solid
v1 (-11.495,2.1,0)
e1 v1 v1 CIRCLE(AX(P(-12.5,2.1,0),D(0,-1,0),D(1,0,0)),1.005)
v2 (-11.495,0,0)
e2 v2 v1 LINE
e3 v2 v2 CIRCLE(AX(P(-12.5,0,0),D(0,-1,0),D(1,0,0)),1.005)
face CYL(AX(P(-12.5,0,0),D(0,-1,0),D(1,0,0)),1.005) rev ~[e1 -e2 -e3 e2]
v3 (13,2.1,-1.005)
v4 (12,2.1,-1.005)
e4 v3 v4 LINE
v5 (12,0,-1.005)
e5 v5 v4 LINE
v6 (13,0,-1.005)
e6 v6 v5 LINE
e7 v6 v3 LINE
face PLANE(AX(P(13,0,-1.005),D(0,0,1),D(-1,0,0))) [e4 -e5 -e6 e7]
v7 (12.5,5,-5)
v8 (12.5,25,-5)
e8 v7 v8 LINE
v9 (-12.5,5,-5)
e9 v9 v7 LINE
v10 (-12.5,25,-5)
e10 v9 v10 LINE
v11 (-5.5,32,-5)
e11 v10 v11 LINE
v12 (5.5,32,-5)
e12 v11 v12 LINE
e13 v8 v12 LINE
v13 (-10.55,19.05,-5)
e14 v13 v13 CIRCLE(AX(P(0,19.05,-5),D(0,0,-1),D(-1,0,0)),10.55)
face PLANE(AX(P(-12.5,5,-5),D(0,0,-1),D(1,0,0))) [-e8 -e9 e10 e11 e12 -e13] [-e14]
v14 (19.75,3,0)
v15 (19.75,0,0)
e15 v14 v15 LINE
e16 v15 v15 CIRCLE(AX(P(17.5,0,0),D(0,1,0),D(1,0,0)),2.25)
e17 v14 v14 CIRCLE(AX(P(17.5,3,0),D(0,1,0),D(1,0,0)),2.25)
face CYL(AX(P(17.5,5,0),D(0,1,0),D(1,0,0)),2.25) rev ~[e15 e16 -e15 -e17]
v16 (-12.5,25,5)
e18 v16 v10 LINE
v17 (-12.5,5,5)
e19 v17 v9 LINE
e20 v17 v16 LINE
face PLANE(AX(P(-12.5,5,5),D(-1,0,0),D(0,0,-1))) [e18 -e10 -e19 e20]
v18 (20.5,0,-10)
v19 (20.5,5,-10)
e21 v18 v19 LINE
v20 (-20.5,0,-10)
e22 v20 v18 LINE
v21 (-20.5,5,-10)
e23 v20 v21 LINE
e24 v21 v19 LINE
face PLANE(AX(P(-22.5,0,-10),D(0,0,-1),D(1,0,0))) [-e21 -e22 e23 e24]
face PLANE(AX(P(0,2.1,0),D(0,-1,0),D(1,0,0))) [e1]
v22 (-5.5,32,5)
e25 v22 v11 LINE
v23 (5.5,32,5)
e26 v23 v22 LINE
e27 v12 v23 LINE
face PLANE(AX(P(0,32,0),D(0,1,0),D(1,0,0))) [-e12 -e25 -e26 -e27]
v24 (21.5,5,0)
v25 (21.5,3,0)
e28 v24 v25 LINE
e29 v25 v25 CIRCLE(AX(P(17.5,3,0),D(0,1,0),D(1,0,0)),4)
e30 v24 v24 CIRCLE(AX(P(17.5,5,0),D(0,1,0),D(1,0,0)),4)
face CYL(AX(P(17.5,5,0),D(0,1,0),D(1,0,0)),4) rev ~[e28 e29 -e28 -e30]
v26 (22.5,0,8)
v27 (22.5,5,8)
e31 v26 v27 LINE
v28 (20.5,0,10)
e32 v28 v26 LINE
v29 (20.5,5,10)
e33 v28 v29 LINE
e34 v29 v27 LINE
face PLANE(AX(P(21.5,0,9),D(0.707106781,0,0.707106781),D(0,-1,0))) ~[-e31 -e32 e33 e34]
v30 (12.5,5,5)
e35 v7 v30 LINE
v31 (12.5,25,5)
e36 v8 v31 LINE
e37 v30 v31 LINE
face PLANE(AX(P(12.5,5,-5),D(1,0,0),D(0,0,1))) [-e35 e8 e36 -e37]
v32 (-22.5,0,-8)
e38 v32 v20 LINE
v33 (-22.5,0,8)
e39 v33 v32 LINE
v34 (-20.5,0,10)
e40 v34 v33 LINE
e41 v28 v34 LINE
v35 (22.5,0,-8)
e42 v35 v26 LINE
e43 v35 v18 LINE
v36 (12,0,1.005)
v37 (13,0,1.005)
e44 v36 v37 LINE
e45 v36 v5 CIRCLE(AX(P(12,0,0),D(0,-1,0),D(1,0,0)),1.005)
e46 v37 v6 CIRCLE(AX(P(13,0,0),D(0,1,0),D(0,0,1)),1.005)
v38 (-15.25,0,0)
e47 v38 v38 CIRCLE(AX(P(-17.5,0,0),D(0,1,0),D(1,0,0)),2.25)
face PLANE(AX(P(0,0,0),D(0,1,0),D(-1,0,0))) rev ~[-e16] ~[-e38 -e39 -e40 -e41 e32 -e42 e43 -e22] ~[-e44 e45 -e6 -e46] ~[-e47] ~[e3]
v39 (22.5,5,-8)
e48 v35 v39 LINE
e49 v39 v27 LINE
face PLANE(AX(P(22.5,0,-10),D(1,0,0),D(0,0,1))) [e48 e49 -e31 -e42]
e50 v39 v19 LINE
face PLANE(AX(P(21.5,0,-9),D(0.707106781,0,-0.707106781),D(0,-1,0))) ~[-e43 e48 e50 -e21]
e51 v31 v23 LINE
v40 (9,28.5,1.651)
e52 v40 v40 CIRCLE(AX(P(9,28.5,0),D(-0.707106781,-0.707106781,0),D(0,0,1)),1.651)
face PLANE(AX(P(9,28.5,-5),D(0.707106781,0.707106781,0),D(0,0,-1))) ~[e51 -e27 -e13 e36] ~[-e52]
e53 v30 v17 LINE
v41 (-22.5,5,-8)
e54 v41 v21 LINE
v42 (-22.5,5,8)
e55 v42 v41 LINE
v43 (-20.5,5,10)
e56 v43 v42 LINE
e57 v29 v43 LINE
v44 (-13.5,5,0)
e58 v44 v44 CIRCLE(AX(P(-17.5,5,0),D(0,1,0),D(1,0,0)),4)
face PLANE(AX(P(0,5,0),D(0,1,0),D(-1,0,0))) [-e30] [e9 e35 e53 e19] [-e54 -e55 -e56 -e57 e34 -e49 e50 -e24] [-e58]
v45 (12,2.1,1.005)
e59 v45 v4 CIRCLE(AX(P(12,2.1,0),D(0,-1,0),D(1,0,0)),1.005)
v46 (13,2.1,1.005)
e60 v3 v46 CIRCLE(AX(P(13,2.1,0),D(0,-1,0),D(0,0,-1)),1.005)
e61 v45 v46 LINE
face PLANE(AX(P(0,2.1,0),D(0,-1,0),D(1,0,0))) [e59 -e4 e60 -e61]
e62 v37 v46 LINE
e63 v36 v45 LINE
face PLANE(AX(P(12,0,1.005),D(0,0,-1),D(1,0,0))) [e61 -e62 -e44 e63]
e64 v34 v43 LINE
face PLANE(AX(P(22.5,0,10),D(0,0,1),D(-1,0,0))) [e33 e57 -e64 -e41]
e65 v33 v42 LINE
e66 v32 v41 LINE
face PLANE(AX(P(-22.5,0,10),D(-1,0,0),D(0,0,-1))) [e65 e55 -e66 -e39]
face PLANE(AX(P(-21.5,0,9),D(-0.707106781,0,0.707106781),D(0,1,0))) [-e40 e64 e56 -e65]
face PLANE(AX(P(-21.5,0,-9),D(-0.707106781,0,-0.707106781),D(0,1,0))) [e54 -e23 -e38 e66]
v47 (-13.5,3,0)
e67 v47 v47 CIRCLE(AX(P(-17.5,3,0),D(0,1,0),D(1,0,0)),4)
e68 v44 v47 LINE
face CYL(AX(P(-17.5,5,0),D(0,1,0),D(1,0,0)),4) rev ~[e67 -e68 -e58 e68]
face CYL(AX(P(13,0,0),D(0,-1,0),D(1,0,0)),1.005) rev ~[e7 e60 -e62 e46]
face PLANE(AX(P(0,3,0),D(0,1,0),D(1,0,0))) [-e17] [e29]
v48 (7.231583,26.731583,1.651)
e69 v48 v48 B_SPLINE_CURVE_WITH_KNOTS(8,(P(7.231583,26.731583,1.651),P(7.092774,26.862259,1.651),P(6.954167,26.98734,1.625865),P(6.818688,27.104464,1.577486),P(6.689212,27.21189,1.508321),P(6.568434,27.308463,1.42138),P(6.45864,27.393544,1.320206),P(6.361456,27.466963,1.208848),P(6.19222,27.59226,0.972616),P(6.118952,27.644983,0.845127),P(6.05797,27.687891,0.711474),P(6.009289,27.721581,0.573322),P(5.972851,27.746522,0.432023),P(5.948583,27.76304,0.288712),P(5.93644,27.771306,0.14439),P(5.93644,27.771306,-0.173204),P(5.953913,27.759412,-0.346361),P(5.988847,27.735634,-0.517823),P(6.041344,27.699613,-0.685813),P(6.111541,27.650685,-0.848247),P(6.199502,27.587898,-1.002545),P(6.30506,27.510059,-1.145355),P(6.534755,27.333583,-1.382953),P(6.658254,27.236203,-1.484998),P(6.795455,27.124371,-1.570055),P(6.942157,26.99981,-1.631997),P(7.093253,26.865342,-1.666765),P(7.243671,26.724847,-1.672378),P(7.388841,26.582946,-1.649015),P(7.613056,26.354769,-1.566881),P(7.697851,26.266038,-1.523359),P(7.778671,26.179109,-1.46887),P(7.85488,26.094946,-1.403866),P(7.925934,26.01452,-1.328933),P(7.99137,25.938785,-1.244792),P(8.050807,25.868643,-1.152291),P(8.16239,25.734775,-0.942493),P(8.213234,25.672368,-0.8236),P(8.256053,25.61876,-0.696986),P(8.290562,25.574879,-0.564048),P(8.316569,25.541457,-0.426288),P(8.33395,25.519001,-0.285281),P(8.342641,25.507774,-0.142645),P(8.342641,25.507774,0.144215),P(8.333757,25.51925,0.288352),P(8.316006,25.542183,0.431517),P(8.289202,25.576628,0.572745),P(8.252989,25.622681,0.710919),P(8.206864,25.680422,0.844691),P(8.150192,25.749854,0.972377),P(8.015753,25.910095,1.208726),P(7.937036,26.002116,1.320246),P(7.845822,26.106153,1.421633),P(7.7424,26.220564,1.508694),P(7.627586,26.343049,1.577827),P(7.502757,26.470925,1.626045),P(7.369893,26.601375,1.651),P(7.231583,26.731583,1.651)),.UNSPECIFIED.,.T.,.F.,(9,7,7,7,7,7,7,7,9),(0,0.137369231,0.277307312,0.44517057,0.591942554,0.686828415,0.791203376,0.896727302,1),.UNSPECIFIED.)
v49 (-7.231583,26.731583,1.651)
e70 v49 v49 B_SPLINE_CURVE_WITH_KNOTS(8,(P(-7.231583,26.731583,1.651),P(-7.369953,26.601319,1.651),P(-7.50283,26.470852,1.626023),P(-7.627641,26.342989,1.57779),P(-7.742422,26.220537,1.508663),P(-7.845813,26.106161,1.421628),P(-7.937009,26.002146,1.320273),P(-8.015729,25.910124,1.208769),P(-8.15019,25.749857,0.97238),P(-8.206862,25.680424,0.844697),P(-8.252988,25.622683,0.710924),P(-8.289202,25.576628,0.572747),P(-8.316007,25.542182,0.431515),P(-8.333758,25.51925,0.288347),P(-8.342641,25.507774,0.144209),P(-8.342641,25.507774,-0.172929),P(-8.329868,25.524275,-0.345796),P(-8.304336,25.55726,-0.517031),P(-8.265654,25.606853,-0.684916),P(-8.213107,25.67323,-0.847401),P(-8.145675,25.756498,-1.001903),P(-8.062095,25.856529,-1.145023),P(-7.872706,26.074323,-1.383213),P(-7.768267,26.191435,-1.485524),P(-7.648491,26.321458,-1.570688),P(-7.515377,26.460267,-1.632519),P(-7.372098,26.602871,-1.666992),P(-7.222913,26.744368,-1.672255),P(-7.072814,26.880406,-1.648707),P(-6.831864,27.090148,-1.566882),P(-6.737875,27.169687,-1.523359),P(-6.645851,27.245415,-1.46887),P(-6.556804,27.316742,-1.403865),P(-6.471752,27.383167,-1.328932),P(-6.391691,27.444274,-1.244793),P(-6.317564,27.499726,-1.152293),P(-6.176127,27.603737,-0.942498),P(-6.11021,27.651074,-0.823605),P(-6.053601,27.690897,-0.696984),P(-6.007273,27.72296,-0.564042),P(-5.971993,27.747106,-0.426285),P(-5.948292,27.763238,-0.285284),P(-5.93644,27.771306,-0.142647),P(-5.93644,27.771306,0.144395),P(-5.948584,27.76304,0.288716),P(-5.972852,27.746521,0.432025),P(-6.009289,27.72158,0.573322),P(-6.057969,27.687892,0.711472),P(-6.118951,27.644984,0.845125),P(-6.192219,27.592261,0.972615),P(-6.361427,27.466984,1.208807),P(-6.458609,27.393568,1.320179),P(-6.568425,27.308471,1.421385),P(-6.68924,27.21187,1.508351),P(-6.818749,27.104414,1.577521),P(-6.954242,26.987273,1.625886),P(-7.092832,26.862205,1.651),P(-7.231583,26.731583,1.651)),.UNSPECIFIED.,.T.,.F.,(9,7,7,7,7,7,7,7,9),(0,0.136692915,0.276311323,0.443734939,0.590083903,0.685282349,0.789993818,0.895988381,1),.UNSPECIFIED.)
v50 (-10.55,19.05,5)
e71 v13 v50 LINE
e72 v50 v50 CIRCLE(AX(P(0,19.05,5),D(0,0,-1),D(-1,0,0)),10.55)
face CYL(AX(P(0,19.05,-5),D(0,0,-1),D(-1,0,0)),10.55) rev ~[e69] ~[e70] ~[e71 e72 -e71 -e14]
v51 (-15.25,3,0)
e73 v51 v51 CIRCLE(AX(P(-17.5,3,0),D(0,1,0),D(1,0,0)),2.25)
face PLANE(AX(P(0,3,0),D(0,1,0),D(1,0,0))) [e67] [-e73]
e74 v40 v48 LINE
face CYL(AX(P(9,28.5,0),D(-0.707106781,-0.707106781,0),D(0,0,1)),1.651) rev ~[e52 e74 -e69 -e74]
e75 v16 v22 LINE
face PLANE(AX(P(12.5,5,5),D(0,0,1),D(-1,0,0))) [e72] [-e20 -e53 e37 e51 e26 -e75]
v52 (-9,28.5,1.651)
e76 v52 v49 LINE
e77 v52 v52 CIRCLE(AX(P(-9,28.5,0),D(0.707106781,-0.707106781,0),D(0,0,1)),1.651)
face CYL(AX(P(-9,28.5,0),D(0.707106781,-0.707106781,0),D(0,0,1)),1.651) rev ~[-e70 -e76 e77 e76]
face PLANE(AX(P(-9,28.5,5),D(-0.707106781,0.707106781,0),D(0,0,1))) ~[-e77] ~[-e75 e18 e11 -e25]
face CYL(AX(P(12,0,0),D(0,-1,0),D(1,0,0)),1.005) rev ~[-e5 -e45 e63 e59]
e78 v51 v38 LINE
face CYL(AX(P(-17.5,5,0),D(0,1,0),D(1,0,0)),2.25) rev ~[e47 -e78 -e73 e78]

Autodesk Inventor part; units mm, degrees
ref_plane "YZ Plane" through (0, 0, 0) normal (1, 0, 0) x (0, 1, 0)
ref_plane "XZ Plane" through (0, 0, 0) normal (0, 1, 0) x (-1, 0, 0)
ref_plane "XY Plane" through (0, 0, 0) normal (0, 0, 1) x (1, 0, 0)
sketch "Sketch2" plane through (0, 0, 0) normal (0, 1, 0) x (-1, 0, 0)
  line L0 (-22.5, 10) -> (22.5, 10)
  line L1 (22.5, 10) -> (22.5, -10)
  line L2 (22.5, -10) -> (-22.5, -10)
  line L3 (-22.5, -10) -> (-22.5, 10)
  line L4 (-22.5, 10) -> (22.5, -10) construction
  line L5 (22.5, 10) -> (-22.5, -10) construction
  point P0 (0, 0)
  dimension "d0" = 45
  dimension "d1" = 20
extrude "Extrusion1" add sketch "Sketch2" along normal blind 5
sketch "Sketch3" plane through (0, 5, 0) normal (0, 1, 0) x (1, 0, 0)
  line L0 (12.5, -5) -> (-12.5, -5)
  line L1 (-12.5, -5) -> (-12.5, 5)
  line L2 (-12.5, 5) -> (12.5, 5)
  line L3 (12.5, 5) -> (12.5, -5)
  line L4 (12.5, -5) -> (-12.5, 5) construction
  line L5 (-12.5, -5) -> (12.5, 5) construction
  point P0 (0, 0)
  dimension "d4" = 25
  dimension "d5" = 10
extrude "Extrusion2" add sketch "Sketch3" along normal blind 27
sketch "Sketch4" plane through (12.5, 5, -5) normal (0, 0, -1) x (-1, 0, 0)
  line L0 (35, 0) -> (-10, 0) construction
  line L1 (12.5, 0) -> (12.5, 14.05) construction
  circle A0 centre (12.5, 14.05) radius 10.55
  point P0 (12.5, -5)
  dimension "d8" = 14.05
  dimension "d9" = 21.1
extrude "Extrusion3" cut sketch "Sketch4" against normal up to surface (10 mm away)
chamfer "Chamfer1" distance 7 angle 45 2 edges at (12.5, 32, 0) (-12.5, 32, 0)
sketch "Sketch6" plane through (5.5, 32, -5) normal (0.7071, 0.7071, 0) x (-0.7071, 0.7071, 0)
  line L0 (0, 0) -> (0, 10) construction
  line L1 (-9.8995, 10) -> (-9.8995, 0) construction
  line L2 (0, 10) -> (-9.8995, 0) construction
  line L3 (-9.8995, 0) -> (-9.8995, 10) construction
  line L4 (-9.8995, 10) -> (0, 0) construction
  line L5 (0, 0) -> (-4.9497, 5) construction
  point P0 (-18.7383, 5)
hole "Hole1" at (9, 28.5, 0) direction (-0.7071, -0.7071, 0) diameter 3.302 depth 12.3 thread size "8-32 UNC" class "2B" standard "ANSI Unified Screw Threads"
sketch "Sketch7" plane through (-5.5, 32, -5) normal (-0.7071, 0.7071, 0) x (-0.7071, -0.7071, 0)
  line L0 (0, 10) -> (0, 0) construction
  line L1 (24.0416, 0) -> (9.8995, 0) construction
  line L2 (0, 10) -> (9.8995, 0) construction
  line L3 (9.8995, 0) -> (4.9497, 5) construction
  point P0 (18.7383, 5)
hole "Hole2" at (-9, 28.5, 0) direction (0.7071, -0.7071, 0) diameter 3.302 depth 12.3 thread size "8-32 UNC" class "2B" standard "ANSI Unified Screw Threads"
sketch "Sketch13" plane through (0, 5, 0) normal (0, 1, 0) x (1, 0, 0)
  line L0 (-22.5, 10) -> (-22.5, -10) construction
  line L1 (-22.5, 0) -> (-17.5, 0) construction
  line L2 (22.5, -10) -> (22.5, 10) construction
  line L3 (22.5, 0) -> (17.5, 0) construction
  circle A0 centre (17.5, 0) radius 4
  circle A1 centre (-17.5, 0) radius 4
  point P0 (0, 0)
  dimension "d69" = 5
  dimension "d70" = 5
  dimension "d71" = 8
  dimension "d72" = 8
extrude "Extrusion8" cut sketch "Sketch13" against normal blind 2
sketch "Sketch14" plane through (0, 5, 0) normal (0, 1, 0) x (1, 0, 0)
  circle A0 centre (17.5, 0) radius 4 projected
  circle A1 centre (17.5, 0) radius 2.25
  circle A2 centre (-17.5, 0) radius 4 projected
  circle A3 centre (-17.5, 0) radius 2.25
  point P0 (0, 0)
  dimension "d75" = 4.5
extrude "Extrusion9" cut sketch "Sketch14" against normal through all contours A1 | A3
sketch "Sketch15" plane through (0, 0, 0) normal (0, -1, 0) x (1, 0, 0)
  circle A0 centre (-17.5, 0) radius 2.25 construction
  line L0 (-17.5, 0) -> (-12.5, 0) construction
  circle A1 centre (17.5, 0) radius 2.25 construction
  line L1 (17.5, 0) -> (13, 0) construction
  circle A2 centre (-12.5, 0) radius 1.005
  circle A3 centre (13, 0) radius 1.005
  line L2 (13, 0) -> (12, 0) construction
  circle A4 centre (12, 0) radius 1.005
  line L3 (12, 1.005) -> (13, 1.005)
  line L4 (13, -1.005) -> (12, -1.005)
  point P0 (0, 0)
  dimension "d78" = 5
  dimension "d79" = 4.5
  dimension "d80" = 2.01
  dimension "d81" = 2.01
  dimension "d82" = 1
  dimension "d83" = 2.01
extrude "Extrusion10" cut sketch "Sketch15" against normal blind 2.1
chamfer "Chamfer3" distance 2 angle 45 4 edges at (-22.5, 2.5, 10) (22.5, 2.5, 10) (-22.5, 2.5, -10) (22.5, 2.5, -10)
properties part number "ADAPTER_I-355-03"
